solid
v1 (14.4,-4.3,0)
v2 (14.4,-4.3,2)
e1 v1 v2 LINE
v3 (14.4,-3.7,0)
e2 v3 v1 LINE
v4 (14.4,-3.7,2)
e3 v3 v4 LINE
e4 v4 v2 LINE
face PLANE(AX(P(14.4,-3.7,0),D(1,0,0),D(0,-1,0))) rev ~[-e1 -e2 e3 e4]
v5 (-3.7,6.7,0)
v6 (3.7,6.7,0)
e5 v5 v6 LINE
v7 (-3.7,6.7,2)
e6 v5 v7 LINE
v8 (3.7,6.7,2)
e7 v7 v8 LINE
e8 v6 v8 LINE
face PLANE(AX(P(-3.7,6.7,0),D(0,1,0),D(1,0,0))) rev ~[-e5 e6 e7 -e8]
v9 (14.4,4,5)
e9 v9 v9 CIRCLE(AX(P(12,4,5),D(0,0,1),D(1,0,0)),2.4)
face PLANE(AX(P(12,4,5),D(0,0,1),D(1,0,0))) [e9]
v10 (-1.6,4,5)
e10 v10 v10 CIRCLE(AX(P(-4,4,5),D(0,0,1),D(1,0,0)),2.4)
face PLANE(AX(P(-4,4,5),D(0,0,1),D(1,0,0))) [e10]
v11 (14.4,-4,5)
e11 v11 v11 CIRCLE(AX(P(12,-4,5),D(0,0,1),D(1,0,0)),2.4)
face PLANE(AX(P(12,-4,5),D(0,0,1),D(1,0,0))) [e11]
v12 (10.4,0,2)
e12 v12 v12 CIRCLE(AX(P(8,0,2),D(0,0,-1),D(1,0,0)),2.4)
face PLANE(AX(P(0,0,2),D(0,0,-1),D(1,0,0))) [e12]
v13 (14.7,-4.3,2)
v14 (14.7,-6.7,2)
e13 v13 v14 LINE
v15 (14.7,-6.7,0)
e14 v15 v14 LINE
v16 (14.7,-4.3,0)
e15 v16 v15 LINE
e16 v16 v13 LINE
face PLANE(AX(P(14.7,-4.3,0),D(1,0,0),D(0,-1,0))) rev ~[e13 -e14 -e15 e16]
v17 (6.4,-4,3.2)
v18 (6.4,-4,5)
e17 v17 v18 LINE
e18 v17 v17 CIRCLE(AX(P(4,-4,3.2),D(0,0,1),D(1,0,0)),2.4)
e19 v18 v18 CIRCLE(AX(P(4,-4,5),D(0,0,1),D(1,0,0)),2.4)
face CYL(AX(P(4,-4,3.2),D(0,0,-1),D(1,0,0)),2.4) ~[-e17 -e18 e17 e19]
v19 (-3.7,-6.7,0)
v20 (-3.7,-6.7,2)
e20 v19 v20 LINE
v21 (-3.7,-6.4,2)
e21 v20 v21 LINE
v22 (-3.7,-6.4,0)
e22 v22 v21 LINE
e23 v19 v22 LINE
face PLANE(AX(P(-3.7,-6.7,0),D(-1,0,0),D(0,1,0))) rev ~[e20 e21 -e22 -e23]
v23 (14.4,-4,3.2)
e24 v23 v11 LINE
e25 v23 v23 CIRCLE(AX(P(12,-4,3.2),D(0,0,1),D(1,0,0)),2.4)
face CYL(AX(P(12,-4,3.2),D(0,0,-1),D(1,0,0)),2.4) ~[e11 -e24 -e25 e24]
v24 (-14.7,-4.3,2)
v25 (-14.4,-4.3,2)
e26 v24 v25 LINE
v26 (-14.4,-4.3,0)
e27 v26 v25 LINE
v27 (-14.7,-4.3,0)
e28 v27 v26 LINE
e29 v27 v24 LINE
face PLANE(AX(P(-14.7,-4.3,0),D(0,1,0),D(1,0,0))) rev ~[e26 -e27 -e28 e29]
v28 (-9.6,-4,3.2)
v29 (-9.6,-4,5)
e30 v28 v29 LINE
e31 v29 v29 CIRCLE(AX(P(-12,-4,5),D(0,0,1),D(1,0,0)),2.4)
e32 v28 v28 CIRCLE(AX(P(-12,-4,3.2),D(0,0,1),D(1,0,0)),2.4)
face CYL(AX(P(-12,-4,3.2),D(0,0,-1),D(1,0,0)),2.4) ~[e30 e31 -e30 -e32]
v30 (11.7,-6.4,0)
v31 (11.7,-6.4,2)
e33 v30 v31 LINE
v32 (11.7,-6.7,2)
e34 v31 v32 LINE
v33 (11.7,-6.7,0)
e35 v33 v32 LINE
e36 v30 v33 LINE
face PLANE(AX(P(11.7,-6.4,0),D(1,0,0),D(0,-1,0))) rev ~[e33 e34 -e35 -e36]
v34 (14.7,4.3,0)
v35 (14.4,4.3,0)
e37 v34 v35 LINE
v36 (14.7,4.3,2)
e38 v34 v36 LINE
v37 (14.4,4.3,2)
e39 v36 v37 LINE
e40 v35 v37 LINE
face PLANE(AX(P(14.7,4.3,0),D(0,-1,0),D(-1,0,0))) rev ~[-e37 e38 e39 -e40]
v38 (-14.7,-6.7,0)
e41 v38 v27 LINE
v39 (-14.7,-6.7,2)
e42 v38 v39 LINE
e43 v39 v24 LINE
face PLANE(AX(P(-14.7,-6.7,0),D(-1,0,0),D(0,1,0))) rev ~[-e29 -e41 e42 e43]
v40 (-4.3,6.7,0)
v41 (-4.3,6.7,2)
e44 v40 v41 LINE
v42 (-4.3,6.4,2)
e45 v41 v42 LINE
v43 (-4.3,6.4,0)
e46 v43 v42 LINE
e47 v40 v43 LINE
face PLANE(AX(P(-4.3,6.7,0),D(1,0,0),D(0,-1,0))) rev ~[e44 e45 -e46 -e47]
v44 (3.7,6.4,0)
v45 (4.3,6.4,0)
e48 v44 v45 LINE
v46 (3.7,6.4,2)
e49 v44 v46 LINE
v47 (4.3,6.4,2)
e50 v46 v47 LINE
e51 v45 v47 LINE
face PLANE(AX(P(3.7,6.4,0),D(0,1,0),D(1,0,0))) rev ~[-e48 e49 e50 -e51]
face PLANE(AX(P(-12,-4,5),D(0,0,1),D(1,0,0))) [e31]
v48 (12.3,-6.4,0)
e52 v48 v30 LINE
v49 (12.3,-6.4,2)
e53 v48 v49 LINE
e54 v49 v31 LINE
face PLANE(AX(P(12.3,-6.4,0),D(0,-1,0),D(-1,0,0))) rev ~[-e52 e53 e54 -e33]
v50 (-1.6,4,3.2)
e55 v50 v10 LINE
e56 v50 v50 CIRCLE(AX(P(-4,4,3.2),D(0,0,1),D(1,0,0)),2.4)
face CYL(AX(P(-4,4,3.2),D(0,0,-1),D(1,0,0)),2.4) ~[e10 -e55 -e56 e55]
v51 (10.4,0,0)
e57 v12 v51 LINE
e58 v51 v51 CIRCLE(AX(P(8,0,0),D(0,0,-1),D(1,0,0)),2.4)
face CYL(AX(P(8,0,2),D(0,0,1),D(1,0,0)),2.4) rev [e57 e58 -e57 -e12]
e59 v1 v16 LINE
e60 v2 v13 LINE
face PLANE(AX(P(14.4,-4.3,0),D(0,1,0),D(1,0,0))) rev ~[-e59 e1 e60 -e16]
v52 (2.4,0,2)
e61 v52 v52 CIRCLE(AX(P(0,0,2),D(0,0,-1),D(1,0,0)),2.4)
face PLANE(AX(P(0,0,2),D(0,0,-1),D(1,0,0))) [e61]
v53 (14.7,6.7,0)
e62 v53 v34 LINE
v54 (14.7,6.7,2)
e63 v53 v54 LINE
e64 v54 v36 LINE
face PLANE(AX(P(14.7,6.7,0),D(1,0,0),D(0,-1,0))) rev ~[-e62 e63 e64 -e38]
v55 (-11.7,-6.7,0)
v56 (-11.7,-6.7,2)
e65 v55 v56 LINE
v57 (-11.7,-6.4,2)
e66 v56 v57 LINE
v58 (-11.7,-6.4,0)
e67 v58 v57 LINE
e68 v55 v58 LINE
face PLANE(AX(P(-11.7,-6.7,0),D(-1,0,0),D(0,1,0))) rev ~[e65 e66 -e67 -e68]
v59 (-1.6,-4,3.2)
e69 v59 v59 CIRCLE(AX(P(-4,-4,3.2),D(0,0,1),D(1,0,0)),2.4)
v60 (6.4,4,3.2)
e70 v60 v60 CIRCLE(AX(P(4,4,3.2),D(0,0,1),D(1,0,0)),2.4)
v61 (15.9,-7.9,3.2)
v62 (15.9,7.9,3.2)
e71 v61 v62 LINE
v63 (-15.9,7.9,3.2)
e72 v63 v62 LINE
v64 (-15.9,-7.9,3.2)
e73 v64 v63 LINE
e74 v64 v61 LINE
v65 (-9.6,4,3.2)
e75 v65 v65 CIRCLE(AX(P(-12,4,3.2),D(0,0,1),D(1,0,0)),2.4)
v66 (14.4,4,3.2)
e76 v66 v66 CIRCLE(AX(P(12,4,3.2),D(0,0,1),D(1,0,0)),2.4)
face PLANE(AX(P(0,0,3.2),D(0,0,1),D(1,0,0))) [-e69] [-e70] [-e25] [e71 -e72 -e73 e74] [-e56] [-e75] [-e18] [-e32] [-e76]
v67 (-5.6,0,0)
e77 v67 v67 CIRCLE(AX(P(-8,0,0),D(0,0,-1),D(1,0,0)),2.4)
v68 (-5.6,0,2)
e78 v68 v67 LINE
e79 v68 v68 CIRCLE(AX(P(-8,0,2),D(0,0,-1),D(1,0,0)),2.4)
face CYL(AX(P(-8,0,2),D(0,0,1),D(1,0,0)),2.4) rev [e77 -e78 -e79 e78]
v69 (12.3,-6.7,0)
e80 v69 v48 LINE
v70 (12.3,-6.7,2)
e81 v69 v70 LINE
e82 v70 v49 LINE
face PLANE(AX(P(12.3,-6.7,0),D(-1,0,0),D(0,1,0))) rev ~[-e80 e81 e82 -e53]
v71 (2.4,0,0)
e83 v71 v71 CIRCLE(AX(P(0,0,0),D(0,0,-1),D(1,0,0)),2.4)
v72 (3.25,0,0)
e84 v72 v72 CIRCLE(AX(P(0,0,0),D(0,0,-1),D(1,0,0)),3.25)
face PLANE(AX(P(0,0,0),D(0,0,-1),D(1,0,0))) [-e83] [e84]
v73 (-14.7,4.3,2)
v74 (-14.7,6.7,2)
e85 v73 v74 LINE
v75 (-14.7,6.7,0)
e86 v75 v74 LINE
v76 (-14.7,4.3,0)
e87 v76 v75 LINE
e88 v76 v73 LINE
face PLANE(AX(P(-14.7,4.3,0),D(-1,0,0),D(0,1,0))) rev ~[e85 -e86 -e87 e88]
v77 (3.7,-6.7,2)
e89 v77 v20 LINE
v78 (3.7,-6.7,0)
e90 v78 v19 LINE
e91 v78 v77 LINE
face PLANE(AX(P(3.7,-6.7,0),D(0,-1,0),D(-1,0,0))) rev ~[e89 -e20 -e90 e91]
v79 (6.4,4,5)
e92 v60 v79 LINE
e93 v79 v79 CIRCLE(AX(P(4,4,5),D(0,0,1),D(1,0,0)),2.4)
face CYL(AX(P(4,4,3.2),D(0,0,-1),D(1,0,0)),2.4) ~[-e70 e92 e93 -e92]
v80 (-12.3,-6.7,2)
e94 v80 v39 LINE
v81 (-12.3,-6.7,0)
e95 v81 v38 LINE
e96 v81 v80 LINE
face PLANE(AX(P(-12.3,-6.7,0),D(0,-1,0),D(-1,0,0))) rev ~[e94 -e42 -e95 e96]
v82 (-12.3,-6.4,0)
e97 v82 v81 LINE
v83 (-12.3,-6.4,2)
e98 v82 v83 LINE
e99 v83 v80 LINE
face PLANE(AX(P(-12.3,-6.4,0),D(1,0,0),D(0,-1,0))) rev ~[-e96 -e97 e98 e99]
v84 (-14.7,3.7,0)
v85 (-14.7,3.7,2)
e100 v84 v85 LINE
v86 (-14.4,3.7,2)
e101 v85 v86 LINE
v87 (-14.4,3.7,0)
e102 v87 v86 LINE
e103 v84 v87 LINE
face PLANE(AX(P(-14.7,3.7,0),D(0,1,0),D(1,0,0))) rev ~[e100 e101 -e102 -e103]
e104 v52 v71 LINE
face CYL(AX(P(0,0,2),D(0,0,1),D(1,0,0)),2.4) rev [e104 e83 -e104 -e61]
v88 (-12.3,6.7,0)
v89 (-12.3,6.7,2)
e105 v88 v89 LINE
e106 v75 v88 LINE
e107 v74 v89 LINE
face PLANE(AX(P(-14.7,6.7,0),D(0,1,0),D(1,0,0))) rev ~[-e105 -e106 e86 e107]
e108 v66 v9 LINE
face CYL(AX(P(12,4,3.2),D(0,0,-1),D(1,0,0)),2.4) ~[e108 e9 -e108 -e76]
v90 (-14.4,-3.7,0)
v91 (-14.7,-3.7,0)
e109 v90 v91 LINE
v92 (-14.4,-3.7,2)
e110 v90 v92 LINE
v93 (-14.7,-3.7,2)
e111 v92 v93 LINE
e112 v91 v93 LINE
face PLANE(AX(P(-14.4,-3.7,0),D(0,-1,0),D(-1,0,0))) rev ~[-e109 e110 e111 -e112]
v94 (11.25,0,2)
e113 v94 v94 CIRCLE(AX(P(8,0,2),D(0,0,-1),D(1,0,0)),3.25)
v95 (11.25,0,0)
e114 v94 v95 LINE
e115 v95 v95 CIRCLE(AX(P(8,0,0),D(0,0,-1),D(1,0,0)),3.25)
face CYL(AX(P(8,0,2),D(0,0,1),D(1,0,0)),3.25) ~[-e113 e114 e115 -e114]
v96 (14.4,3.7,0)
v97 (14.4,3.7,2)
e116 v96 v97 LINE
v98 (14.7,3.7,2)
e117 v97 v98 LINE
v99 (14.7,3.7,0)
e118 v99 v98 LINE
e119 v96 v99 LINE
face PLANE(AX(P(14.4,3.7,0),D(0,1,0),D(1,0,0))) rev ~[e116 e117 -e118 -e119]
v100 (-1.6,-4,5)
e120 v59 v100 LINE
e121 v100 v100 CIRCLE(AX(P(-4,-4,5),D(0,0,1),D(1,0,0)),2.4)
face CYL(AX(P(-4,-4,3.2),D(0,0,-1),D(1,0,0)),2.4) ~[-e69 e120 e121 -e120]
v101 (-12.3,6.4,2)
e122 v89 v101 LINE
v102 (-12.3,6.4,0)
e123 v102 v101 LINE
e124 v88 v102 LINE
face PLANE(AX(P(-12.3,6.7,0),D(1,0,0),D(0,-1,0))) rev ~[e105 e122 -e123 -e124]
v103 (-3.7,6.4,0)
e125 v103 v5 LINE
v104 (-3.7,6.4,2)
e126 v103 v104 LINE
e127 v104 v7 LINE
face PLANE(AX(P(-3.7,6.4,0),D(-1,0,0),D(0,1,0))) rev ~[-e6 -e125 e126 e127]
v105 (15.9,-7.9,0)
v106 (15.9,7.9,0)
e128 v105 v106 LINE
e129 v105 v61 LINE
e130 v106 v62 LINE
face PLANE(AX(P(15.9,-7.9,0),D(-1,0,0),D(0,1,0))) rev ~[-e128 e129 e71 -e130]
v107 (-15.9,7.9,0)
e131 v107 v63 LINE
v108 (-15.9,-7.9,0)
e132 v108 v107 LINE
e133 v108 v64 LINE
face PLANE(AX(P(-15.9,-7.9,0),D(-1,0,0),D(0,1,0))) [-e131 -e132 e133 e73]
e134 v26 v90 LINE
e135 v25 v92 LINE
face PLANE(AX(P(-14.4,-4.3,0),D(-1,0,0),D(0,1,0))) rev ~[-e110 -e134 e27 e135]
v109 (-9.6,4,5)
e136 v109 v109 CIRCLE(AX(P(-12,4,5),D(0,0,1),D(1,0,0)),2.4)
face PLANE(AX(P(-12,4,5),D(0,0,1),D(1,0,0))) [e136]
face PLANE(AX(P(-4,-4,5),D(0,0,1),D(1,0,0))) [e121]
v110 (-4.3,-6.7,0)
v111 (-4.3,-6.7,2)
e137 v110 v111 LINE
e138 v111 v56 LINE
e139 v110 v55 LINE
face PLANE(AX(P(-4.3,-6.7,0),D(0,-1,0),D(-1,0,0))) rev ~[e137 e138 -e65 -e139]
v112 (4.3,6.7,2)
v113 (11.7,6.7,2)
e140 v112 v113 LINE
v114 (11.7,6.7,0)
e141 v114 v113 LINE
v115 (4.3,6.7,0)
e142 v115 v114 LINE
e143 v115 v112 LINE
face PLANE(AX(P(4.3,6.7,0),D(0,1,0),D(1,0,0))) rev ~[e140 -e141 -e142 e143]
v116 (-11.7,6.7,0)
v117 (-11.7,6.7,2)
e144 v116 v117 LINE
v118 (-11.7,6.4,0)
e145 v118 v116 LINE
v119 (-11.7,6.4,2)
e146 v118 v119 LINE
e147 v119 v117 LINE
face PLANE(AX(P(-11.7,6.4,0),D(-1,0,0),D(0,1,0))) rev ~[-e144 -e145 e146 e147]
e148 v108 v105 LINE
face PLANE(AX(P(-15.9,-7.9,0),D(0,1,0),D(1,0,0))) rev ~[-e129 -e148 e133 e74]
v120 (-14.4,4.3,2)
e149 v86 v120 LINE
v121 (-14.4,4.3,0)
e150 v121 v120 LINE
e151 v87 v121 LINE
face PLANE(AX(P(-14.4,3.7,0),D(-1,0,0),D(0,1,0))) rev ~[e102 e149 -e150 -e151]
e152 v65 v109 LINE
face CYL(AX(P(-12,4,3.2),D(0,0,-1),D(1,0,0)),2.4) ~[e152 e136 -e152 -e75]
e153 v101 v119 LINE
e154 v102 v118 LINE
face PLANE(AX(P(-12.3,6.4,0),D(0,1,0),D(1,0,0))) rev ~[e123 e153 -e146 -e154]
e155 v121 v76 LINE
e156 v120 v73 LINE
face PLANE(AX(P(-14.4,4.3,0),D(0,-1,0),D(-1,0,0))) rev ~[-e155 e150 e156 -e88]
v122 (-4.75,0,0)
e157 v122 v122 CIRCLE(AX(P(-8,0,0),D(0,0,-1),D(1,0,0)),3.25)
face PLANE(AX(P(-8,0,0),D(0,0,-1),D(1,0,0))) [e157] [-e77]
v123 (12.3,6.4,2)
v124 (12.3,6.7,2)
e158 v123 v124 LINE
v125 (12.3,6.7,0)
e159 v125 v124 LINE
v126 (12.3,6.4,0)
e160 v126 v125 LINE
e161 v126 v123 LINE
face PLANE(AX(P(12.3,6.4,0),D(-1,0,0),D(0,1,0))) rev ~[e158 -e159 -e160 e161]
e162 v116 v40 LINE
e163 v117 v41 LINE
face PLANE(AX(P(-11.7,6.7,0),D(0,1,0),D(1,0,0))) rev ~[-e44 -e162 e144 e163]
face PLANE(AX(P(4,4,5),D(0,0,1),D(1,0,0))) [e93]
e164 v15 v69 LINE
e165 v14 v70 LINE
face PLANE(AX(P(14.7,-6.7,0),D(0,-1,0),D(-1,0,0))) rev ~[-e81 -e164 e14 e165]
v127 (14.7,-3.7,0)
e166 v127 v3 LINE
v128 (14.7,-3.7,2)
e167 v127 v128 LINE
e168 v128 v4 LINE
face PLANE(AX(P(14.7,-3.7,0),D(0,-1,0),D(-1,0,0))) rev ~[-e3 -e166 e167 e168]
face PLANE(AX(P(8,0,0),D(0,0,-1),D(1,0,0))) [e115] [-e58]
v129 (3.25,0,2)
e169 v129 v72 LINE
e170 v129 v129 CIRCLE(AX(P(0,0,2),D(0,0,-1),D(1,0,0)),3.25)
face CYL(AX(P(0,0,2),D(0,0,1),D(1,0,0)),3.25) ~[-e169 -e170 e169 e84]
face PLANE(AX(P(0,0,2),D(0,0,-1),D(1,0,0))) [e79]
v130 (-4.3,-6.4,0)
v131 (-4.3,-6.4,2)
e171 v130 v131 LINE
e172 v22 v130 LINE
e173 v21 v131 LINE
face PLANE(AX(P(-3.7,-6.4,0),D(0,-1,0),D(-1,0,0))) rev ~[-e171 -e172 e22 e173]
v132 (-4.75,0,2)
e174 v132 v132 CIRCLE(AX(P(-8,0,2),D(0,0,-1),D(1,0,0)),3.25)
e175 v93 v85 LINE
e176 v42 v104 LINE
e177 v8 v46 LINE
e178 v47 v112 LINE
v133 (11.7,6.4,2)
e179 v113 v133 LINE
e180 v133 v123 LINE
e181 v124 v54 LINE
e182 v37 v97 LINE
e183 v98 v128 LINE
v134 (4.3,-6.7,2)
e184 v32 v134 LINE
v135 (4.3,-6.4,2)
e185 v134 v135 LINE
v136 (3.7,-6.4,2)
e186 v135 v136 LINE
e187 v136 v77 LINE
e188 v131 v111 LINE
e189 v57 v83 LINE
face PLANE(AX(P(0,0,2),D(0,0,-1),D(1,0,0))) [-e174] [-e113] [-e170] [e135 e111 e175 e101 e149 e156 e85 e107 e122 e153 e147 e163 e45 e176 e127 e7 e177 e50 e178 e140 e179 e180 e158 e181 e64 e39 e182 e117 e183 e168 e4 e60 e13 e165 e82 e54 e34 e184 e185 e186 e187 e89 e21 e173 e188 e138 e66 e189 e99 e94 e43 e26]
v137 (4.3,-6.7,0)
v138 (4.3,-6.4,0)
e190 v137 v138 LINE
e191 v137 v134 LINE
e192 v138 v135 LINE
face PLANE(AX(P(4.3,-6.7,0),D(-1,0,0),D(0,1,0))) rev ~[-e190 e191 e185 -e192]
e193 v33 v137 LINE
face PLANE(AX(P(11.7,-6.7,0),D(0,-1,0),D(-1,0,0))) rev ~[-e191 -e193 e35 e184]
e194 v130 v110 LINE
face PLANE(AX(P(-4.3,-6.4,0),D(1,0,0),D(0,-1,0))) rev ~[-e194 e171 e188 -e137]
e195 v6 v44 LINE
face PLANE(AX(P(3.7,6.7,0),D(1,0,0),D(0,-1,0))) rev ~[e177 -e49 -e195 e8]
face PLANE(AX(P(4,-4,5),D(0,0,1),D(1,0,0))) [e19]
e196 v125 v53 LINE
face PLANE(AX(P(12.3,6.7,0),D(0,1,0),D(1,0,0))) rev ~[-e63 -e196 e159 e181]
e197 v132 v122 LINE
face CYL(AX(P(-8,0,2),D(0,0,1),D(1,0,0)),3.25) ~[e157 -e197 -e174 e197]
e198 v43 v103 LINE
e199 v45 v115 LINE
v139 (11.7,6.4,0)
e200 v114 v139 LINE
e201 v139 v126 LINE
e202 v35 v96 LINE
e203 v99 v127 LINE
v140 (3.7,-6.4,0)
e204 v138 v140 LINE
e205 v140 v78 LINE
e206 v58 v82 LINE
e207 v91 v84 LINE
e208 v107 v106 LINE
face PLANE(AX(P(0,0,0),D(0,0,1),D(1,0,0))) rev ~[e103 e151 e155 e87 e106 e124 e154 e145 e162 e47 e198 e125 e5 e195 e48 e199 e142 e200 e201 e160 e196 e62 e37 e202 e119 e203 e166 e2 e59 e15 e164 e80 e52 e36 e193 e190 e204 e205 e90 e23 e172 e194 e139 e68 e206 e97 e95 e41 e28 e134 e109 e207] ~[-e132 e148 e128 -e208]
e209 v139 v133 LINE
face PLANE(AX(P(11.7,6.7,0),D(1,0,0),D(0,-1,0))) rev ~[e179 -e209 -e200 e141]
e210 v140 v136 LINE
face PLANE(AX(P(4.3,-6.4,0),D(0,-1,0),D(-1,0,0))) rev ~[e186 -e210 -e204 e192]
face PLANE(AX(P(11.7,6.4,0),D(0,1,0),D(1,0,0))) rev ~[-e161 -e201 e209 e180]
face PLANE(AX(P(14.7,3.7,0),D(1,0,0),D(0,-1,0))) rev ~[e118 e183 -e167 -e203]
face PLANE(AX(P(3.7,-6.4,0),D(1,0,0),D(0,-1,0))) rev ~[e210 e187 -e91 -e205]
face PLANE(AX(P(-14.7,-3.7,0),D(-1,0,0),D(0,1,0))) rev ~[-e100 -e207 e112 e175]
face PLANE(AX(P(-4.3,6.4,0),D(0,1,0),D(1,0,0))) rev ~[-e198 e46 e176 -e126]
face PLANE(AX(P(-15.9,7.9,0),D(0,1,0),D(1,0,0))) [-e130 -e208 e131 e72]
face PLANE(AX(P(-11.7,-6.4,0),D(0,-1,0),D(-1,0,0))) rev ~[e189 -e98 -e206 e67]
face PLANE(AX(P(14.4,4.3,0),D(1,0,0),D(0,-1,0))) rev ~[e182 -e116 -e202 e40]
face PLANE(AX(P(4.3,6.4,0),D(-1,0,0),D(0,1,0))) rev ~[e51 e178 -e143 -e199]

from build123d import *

# Parameters (mm, degrees)
SKETCH004_W   = 31.8
SKETCH004_H   = 15.8
PAD_DEPTH     = 3.2
SKETCH005_R   = 2.4
PAD001_DEPTH  = 1.8
POCKET_DEPTH  = 2
SKETCH007_R   = 3.25
SKETCH007_R_2 = 2.4
PAD002_DEPTH  = 2


with BuildPart() as part:
    # Sketch004 → Pad (new body)
    with BuildSketch(Plane.XY):
        Rectangle(SKETCH004_W, SKETCH004_H)
    extrude(amount=PAD_DEPTH)

    # Sketch005 (on Face6 of Pad) → Pad001 (join)
    with BuildSketch(Plane.XY.offset(3.2)):
        with Locations((-12, 4)):
            Circle(SKETCH005_R)
        with Locations((-4, 4)):
            Circle(SKETCH005_R)
        with Locations((12, 4)):
            Circle(SKETCH005_R)
        with Locations((4, 4)):
            Circle(SKETCH005_R)
        with Locations((-12, -4)):
            Circle(SKETCH005_R)
        with Locations((-4, -4)):
            Circle(SKETCH005_R)
        with Locations((12, -4)):
            Circle(SKETCH005_R)
        with Locations((4, -4)):
            Circle(SKETCH005_R)
    extrude(amount=PAD001_DEPTH)

    # Sketch006 (on Face4 of Pad001) → Pocket (cut)
    with BuildSketch(Plane(origin=(0, 0, 0), x_dir=(1, 0, 0), z_dir=(0, 0, -1))):
        Polygon((-14.7, 6.7), (-14.7, 4.3), (-14.4, 4.3), (-14.4, 3.7), (-14.7, 3.7), (-14.7, 0), (-14.7, -3.7), (-14.4, -3.7), (-14.4, -4.3), (-14.7, -4.3), (-14.7, -6.7), (-12.3, -6.7), (-12.3, -6.4), (-11.7, -6.4), (-11.7, -6.7), (-4.3, -6.7), (-4.3, -6.4), (-3.7, -6.4), (-3.7, -6.7), (0, -6.7), (3.7, -6.7), (3.7, -6.4), (4.3, -6.4), (4.3, -6.7), (11.7, -6.7), (11.7, -6.4), (12.3, -6.4), (12.3, -6.7), (14.7, -6.7), (14.7, -4.3), (14.4, -4.3), (14.4, -3.7), (14.7, -3.7), (14.7, 0), (14.7, 3.7), (14.4, 3.7), (14.4, 4.3), (14.7, 4.3), (14.7, 6.7), (12.3, 6.7), (12.3, 6.4), (11.7, 6.4), (11.7, 6.7), (4.3, 6.7), (4.3, 6.4), (3.7, 6.4), (3.7, 6.7), (0, 6.7), (-3.7, 6.7), (-3.7, 6.4), (-4.3, 6.4), (-4.3, 6.7), (-11.7, 6.7), (-11.7, 6.4), (-12.3, 6.4), (-12.3, 6.7), align=None)
    extrude(amount=-POCKET_DEPTH, mode=Mode.SUBTRACT)

    # Sketch007 (on Face71 of Pocket) → Pad002 (join)
    with BuildSketch(Plane(origin=(0, 0, 2), x_dir=(1, 0, 0), z_dir=(0, 0, -1))):
        Circle(SKETCH007_R)
        Circle(SKETCH007_R_2, mode=Mode.SUBTRACT)
        with Locations((-8, 0)):
            Circle(SKETCH007_R)
        with Locations((-8, 0)):
            Circle(SKETCH007_R_2, mode=Mode.SUBTRACT)
        with Locations((8, 0)):
            Circle(SKETCH007_R)
        with Locations((8, 0)):
            Circle(SKETCH007_R_2, mode=Mode.SUBTRACT)
    extrude(amount=PAD002_DEPTH)


solid = part.part
